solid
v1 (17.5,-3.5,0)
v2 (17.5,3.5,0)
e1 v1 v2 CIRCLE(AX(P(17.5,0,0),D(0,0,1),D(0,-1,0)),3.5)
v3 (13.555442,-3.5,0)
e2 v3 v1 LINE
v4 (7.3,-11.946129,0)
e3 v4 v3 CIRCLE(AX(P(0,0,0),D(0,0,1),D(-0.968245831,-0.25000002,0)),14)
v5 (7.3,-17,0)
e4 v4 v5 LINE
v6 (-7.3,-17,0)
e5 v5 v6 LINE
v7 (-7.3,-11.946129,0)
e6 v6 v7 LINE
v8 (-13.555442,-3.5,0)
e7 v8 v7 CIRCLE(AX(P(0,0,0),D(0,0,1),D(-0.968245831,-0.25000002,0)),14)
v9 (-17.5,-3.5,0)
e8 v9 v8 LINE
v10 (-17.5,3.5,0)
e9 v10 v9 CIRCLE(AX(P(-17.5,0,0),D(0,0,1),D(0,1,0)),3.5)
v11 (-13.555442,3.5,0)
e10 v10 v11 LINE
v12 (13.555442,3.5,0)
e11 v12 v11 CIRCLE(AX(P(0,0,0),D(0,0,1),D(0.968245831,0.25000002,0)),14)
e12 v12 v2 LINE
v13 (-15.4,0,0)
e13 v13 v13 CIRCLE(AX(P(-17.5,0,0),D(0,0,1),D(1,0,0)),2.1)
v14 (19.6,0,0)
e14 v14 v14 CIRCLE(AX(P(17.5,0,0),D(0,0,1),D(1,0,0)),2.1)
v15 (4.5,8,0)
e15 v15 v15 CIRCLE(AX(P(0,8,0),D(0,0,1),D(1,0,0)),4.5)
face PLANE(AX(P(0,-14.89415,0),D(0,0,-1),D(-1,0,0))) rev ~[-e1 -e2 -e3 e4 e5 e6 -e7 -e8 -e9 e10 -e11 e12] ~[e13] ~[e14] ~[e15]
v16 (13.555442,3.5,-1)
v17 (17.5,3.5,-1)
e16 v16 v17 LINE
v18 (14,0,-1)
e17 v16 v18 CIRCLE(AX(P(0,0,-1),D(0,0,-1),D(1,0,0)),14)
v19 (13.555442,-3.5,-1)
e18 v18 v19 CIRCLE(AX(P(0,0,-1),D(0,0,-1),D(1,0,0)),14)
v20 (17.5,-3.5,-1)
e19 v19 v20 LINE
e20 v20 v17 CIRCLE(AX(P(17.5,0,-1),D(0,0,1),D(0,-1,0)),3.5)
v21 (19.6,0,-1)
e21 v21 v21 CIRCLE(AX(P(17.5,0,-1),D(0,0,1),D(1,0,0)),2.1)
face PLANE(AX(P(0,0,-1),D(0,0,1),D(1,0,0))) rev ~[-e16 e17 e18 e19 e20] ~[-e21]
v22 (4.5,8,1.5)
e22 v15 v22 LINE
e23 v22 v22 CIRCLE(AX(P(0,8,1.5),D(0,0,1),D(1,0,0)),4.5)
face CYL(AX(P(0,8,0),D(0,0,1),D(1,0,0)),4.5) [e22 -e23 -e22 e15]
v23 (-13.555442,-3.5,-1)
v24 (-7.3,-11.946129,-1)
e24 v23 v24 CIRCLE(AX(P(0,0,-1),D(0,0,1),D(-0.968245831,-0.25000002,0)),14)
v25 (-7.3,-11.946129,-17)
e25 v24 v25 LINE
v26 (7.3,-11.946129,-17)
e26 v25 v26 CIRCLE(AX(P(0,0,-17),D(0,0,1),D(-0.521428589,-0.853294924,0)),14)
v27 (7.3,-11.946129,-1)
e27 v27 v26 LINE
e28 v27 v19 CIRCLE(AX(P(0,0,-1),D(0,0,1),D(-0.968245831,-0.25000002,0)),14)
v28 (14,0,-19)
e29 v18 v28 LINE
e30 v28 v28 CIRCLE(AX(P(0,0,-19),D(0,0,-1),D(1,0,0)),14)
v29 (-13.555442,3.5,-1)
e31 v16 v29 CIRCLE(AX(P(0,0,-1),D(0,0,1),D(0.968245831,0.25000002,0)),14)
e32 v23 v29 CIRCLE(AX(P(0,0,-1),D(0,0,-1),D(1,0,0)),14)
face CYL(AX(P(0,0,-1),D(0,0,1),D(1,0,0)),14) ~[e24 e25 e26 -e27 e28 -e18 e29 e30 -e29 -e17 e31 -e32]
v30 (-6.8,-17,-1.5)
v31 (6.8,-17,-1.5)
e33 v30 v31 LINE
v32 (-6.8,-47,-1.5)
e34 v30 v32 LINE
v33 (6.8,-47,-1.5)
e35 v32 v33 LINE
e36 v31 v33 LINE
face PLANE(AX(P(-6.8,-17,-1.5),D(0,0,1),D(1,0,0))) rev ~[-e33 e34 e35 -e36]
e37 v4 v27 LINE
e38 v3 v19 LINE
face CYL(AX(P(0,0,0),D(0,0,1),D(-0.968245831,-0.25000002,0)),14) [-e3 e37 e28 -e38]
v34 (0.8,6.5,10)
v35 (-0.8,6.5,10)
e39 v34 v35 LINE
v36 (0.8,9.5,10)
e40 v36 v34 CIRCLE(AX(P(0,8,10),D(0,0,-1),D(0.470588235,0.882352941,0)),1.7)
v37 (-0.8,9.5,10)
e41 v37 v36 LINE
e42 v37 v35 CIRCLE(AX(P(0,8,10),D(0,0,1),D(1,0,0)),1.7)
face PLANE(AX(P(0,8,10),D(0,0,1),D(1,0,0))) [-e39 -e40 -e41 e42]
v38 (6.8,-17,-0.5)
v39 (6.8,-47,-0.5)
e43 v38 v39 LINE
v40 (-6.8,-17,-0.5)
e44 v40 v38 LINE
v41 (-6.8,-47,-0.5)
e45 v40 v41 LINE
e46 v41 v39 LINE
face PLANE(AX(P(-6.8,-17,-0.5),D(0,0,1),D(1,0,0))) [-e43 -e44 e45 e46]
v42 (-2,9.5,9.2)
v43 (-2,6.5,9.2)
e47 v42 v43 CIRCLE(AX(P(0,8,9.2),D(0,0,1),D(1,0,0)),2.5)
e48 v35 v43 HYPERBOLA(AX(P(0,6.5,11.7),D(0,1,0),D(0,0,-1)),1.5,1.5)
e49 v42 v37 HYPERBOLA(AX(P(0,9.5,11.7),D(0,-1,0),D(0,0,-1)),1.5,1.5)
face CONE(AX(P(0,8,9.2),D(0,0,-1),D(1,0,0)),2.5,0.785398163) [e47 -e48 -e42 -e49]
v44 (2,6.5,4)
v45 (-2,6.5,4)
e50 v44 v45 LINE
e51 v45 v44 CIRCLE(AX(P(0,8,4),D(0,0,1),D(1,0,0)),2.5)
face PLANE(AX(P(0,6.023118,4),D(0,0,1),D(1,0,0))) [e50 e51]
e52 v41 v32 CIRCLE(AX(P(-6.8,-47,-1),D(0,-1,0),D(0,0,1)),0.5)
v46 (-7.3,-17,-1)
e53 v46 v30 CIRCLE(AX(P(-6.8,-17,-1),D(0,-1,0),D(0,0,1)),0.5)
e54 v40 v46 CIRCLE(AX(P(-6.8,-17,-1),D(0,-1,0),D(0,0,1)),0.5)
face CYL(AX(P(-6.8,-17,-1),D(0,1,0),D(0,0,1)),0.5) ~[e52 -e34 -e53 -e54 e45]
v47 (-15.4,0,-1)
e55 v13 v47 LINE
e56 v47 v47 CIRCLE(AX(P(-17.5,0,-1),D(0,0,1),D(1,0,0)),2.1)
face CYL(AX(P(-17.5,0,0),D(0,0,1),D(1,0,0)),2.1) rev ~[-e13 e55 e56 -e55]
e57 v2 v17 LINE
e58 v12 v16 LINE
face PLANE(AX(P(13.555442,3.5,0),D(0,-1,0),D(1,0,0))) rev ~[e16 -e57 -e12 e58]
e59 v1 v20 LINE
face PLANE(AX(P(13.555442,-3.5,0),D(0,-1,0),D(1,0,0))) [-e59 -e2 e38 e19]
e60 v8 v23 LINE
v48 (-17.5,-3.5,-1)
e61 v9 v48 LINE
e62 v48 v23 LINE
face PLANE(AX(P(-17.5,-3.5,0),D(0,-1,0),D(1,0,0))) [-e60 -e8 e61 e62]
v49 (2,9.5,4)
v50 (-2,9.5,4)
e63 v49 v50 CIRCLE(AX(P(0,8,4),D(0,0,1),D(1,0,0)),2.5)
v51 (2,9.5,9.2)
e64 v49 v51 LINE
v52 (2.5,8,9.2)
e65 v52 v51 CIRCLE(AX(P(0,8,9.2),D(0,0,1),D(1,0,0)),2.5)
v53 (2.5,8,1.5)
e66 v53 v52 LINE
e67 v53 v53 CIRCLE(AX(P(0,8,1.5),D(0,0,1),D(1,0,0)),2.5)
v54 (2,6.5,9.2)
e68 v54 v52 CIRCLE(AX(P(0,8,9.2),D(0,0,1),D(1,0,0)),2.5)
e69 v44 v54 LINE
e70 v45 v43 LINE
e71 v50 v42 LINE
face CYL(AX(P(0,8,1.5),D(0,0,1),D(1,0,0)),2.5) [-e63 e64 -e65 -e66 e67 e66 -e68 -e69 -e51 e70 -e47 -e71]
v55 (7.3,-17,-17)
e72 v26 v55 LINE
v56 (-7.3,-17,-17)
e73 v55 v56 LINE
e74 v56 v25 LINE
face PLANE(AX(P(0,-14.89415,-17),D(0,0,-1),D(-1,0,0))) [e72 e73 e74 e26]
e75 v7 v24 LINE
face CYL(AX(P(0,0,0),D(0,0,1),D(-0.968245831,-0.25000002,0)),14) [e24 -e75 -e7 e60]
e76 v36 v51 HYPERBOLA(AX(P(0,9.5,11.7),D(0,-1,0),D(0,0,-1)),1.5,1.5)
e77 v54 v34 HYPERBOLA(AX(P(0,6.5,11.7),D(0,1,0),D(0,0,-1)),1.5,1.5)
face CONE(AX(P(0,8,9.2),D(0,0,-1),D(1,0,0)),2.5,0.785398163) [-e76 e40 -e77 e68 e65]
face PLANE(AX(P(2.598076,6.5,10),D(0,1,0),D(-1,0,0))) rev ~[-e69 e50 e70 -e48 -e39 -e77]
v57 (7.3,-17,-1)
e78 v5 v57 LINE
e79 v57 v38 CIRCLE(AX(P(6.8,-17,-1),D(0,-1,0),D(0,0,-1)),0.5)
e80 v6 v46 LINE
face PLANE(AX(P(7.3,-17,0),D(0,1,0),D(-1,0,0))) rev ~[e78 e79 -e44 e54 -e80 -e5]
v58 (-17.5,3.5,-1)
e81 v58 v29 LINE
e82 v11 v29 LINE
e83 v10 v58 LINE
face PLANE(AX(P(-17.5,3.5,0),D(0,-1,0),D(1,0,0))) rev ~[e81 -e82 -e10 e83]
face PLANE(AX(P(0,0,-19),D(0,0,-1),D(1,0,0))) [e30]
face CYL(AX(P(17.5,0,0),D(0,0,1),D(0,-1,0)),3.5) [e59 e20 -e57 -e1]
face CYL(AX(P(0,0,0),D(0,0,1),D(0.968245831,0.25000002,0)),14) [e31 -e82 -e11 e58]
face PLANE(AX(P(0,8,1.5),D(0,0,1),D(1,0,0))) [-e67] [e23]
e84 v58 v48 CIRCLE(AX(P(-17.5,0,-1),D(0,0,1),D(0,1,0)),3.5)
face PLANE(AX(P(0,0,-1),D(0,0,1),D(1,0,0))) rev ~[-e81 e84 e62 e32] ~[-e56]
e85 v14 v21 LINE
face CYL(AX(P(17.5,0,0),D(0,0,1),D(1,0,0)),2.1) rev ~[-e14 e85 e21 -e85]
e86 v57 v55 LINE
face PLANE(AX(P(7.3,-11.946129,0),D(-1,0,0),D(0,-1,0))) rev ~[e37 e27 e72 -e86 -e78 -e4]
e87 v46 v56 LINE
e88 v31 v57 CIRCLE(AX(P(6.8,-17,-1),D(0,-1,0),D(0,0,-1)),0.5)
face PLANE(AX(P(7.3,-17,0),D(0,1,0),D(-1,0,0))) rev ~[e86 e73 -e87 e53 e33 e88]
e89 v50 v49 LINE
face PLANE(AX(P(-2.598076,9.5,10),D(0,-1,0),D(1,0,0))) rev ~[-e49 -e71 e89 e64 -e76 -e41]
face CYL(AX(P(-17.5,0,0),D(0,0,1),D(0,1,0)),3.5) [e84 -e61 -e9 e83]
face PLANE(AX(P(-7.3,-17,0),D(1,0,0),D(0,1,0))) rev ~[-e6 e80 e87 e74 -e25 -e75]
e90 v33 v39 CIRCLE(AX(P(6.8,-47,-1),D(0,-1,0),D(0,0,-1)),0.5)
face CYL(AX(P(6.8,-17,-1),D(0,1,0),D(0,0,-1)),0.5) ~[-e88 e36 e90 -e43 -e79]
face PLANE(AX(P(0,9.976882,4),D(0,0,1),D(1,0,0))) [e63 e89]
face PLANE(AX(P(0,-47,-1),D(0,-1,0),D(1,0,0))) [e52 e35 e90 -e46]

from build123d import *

# Parameters (mm, degrees)
SKETCH_R     = 2.1
PAD_DEPTH    = 1
SKETCH001_R  = 14
PAD001_DEPTH = 18
POCKET_DEPTH = 6
PAD002_DEPTH = 17
PAD003_DEPTH = 30


with BuildPart() as part:
    # Sketch → Pad (new body)
    with BuildSketch(Plane.XY):
        with BuildLine():
            ThreePointArc((13.555442, 3.5), (0, 14), (-13.555442, 3.5))
            Line((-17.5, 3.5), (-13.555442, 3.5))
            ThreePointArc((-17.5, 3.5), (-21, 0), (-17.5, -3.5))
            Line((-17.5, -3.5), (-13.555442, -3.5))
            ThreePointArc((-13.555442, -3.5), (0, -14), (13.555442, -3.5))
            Line((13.555442, -3.5), (17.5, -3.5))
            ThreePointArc((17.5, -3.5), (21, 0), (17.5, 3.5))
            Line((13.555442, 3.5), (17.5, 3.5))
        make_face()
        with Locations((-17.5, 0)):
            Circle(SKETCH_R, mode=Mode.SUBTRACT)
        with Locations((17.5, 0)):
            Circle(SKETCH_R, mode=Mode.SUBTRACT)
    extrude(amount=-PAD_DEPTH)

    # Sketch001 (on Face12 of Pad) → Pad001 (join)
    with BuildSketch(Plane(origin=(0, 0, -1), x_dir=(1, 0, 0), z_dir=(0, 0, -1))):
        Circle(SKETCH001_R)
    extrude(amount=PAD001_DEPTH)

    # Sketch002 → Revolution (revolve)
    with BuildSketch(Plane.XZ.offset(-8)):
        Polygon((0, 0), (4.5, 0), (4.5, 1.5), (2.5, 1.5), (2.5, 9.2), (1.7, 10), (0, 10), align=None)
    revolve(axis=Axis((0, 8, 0), (0, 0, 1)))

    # Sketch003 (on Face20 of Revolution) → Pocket (cut)
    with BuildSketch(Plane.XY.offset(10)):
        with BuildLine():
            ThreePointArc((2.598076, 9.5), (0, 11), (-2.598076, 9.5))
            Line((-2.598076, 9.5), (2.598076, 9.5))
        make_face()
        with BuildLine():
            Line((2.598076, 6.5), (-2.598076, 6.5))
            ThreePointArc((-2.598076, 6.5), (0, 5), (2.598076, 6.5))
        make_face()
    extrude(amount=-POCKET_DEPTH, mode=Mode.SUBTRACT)

    # Sketch004 → Pad002 (join)
    with BuildSketch(Plane.XY):
        with BuildLine():
            ThreePointArc((-7.3, -11.946129), (0, -14), (7.3, -11.946129))
            Line((7.3, -11.946129), (7.3, -17))
            Line((7.3, -17), (-7.3, -17))
            Line((-7.3, -17), (-7.3, -11.946129))
        make_face()
    extrude(amount=-PAD002_DEPTH)

    # Sketch005 (on Face22 of Pad002) → Pad003 (join)
    with BuildSketch(Plane.XZ.offset(17)):
        with BuildLine():
            ThreePointArc((-6.8, -0.5), (-7.3, -1), (-6.8, -1.5))
            Line((-6.8, -1.5), (6.8, -1.5))
            ThreePointArc((6.8, -1.5), (7.3, -1), (6.8, -0.5))
            Line((-6.8, -0.5), (6.8, -0.5))
        make_face()
    extrude(amount=PAD003_DEPTH)


solid = part.part
